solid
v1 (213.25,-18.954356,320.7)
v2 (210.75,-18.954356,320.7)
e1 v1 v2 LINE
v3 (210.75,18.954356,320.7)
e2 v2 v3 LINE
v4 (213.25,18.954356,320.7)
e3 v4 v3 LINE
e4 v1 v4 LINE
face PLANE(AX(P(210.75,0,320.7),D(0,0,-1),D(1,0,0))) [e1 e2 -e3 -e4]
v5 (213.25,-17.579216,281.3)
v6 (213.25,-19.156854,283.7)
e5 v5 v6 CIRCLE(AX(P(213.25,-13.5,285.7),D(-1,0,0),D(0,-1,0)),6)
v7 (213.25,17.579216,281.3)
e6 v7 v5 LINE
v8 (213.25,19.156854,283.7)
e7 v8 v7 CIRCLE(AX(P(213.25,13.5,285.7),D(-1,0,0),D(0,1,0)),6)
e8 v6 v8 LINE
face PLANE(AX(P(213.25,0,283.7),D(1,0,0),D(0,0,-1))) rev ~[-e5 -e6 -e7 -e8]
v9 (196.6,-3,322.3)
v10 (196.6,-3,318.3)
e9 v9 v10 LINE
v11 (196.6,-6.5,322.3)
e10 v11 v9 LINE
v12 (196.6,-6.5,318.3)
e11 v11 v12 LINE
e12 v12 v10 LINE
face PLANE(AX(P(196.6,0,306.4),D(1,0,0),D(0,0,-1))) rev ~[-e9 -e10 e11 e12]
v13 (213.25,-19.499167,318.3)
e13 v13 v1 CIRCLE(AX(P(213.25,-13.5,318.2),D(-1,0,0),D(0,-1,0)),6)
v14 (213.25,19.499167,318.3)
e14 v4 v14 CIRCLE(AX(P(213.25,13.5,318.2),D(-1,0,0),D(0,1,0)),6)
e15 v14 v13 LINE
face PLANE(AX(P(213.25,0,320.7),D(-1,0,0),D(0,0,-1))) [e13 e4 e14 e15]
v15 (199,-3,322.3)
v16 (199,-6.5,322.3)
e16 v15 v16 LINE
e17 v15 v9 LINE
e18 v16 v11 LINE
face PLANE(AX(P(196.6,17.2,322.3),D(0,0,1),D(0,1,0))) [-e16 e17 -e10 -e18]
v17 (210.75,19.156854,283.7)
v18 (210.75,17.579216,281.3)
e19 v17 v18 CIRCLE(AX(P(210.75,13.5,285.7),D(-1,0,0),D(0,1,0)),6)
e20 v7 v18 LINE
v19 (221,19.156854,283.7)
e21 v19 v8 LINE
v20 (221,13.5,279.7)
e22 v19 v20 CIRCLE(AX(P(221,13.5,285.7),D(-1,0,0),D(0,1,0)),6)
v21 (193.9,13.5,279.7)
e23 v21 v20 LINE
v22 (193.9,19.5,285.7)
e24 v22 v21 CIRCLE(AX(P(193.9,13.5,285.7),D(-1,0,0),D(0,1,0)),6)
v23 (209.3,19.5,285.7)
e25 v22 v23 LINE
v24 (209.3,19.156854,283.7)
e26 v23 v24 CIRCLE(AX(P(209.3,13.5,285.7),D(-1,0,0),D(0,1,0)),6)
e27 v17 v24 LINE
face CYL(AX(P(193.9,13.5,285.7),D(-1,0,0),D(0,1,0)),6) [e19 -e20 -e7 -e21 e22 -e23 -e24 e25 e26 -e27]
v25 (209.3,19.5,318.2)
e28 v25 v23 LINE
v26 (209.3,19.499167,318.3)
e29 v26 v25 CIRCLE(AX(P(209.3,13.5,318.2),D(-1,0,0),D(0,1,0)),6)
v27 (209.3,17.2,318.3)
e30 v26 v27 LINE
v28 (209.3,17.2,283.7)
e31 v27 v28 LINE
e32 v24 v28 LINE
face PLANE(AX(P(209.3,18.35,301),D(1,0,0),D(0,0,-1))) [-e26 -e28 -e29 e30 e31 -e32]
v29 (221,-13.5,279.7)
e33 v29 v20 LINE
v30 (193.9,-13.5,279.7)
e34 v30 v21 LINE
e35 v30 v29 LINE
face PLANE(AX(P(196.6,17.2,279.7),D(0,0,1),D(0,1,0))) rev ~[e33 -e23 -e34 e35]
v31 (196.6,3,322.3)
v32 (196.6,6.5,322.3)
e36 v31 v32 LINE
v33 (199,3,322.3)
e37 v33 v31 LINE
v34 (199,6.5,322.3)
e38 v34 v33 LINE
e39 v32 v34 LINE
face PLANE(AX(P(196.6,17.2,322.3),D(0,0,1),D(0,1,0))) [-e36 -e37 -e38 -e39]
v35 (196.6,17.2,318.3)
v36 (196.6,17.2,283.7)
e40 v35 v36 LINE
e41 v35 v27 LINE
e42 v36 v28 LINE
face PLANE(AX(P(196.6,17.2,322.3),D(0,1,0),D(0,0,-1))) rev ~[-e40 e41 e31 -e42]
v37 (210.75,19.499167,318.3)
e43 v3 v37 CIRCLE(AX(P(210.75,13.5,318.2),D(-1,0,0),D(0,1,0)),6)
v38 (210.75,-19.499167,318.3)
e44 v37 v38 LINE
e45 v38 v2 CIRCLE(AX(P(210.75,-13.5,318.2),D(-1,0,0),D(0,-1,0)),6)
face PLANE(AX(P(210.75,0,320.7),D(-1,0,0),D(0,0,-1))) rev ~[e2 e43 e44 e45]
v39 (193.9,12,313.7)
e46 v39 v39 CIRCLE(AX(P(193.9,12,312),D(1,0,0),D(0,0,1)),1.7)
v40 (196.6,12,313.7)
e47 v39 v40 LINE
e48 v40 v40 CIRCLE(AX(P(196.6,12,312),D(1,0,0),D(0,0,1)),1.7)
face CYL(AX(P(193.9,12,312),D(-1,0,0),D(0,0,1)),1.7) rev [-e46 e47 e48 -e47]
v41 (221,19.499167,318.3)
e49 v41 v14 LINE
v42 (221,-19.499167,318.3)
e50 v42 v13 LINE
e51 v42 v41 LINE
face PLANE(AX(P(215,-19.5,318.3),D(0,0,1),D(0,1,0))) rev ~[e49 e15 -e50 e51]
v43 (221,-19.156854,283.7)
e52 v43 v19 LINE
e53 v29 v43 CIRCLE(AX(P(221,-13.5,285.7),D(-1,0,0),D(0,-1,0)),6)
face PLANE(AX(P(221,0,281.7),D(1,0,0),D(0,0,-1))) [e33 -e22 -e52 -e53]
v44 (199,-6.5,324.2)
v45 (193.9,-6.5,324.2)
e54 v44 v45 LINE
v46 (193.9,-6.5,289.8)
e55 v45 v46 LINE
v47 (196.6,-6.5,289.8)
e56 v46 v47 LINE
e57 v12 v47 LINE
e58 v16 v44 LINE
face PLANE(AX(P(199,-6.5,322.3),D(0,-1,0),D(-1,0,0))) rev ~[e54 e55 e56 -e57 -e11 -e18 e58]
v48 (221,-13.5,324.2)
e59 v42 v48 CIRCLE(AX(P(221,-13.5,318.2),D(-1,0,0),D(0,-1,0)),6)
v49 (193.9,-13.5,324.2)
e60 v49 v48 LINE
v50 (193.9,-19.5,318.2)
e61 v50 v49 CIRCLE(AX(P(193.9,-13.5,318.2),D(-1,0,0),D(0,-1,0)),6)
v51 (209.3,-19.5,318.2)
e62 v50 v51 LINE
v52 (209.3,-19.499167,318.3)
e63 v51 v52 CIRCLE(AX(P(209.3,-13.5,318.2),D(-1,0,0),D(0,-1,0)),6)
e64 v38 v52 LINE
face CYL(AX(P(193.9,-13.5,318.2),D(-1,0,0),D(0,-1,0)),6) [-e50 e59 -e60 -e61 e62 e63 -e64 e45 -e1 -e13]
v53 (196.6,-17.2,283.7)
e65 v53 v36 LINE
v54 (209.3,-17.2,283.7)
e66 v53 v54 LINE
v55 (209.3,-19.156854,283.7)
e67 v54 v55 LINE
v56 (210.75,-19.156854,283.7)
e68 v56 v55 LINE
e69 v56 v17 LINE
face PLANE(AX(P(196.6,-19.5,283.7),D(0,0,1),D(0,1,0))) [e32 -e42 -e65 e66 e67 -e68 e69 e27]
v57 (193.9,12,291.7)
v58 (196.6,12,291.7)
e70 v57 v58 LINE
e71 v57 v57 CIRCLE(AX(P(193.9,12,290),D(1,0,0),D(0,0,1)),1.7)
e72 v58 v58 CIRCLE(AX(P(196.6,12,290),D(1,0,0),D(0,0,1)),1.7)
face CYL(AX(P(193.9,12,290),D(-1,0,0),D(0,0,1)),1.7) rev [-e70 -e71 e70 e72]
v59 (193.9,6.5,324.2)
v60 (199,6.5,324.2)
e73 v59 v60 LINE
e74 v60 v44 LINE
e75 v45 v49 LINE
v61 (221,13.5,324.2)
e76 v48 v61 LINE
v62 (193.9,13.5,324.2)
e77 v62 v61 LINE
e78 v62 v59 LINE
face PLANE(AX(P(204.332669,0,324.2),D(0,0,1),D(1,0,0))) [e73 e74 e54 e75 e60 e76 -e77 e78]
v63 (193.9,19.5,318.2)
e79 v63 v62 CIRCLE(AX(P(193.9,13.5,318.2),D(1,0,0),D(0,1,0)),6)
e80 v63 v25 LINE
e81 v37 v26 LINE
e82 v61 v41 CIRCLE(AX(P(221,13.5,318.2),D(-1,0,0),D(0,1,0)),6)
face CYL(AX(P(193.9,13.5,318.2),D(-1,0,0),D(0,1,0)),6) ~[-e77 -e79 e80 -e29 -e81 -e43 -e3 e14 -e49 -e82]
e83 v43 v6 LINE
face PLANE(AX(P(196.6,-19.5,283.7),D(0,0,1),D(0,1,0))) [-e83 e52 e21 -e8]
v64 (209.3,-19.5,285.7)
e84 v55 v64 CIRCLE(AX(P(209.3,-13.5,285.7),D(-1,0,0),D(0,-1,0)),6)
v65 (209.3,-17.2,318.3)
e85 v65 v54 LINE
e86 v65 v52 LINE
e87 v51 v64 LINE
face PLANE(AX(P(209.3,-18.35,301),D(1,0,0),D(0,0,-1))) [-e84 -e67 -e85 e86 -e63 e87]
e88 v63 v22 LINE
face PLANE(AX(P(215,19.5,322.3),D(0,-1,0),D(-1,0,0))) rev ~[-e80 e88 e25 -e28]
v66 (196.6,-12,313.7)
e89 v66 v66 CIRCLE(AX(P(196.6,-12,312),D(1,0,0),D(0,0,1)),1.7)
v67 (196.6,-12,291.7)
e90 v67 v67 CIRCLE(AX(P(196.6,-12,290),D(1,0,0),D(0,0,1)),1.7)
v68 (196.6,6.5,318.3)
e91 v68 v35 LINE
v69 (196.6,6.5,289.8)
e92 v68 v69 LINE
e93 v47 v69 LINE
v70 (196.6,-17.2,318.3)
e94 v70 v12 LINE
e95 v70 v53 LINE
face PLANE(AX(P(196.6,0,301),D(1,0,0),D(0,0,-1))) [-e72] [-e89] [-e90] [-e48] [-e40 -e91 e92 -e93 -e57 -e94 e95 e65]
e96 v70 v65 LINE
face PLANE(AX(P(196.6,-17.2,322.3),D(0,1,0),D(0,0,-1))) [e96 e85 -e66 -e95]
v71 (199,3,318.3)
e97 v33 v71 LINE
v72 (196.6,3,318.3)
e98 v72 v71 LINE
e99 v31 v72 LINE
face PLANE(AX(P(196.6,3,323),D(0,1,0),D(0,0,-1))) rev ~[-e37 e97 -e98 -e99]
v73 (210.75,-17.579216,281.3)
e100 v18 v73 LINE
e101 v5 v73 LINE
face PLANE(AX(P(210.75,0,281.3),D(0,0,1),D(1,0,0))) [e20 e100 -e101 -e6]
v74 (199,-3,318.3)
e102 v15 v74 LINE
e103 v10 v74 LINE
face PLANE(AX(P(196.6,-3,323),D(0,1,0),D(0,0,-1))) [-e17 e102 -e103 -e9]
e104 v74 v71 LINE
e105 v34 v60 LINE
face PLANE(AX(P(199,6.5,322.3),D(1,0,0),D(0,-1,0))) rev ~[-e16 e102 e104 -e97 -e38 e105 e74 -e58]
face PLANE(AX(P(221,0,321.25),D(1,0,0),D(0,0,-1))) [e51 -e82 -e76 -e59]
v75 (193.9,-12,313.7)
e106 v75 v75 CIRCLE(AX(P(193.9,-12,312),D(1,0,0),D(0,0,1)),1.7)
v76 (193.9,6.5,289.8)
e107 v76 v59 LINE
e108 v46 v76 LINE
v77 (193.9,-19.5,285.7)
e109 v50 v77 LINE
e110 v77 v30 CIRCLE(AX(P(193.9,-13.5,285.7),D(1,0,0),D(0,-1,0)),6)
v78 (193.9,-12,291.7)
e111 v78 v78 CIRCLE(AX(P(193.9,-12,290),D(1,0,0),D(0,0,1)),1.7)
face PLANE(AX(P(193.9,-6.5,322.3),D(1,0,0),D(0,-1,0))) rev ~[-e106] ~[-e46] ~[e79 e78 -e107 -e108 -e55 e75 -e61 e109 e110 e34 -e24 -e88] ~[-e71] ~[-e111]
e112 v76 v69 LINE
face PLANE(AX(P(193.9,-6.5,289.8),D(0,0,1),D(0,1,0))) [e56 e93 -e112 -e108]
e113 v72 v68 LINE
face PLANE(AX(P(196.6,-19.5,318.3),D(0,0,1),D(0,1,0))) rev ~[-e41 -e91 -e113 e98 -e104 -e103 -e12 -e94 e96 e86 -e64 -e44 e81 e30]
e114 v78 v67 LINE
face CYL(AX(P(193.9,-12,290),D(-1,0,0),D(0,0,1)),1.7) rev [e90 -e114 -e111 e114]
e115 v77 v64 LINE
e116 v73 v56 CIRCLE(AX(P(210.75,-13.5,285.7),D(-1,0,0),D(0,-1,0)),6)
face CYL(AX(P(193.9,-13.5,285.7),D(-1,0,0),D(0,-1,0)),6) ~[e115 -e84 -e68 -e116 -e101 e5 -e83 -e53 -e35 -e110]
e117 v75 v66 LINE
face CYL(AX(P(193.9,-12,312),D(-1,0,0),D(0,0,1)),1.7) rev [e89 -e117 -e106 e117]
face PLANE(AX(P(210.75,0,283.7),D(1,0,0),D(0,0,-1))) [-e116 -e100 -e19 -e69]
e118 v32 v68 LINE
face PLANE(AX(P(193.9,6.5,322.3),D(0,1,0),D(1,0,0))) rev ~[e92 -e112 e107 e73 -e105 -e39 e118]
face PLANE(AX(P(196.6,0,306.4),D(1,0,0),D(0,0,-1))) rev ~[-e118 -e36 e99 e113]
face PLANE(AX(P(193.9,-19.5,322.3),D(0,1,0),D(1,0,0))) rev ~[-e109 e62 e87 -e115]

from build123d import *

# Parameters (mm, degrees)
SKETCH1_W           = 42.6
SKETCH1_H           = 39
BOSS_EXTRUDE1_DEPTH = 2.7
SKETCH2_W           = 42.6
SKETCH2_H           = 2.3
BOSS_EXTRUDE2_DEPTH = 12.7
SKETCH3_W           = 4
SKETCH3_H           = 39
BOSS_EXTRUDE3_DEPTH = 18.4
SKETCH4_R           = 1.7
SKETCH4_W           = 33.2
SKETCH4_H           = 13
CUT_EXTRUDE1_DEPTH  = 2.7
SKETCH5_W           = 4.7
SKETCH5_H           = 6
CUT_EXTRUDE2_DEPTH  = 2.4
SKETCH6_W           = 2.5
SKETCH6_H           = 2.4
CUT_EXTRUDE3_DEPTH  = 30
SKETCH7_W           = 5.9
SKETCH7_H           = 39
SKETCH7_W_2         = 4
BOSS_EXTRUDE4_DEPTH = 6
BOSS_EXTRUDE5_DEPTH = 1.9
CUT_EXTRUDE4_DEPTH  = 326.914559356


with BuildPart() as part:
    # Sketch1 → Boss-Extrude1 (new body)
    with BuildSketch(Plane(origin=(193.9, 0, 0), x_dir=(0, 0, -1), z_dir=(1, 0, 0))):
        with Locations((-301, 0)):
            Rectangle(SKETCH1_W, SKETCH1_H)
    extrude(amount=BOSS_EXTRUDE1_DEPTH)

    # Sketch2 → Boss-Extrude2 (add)
    with BuildSketch(Plane(origin=(196.6, 0, 0), x_dir=(0, 0, -1), z_dir=(1, 0, 0))):
        with Locations((-301, 18.35)):
            Rectangle(SKETCH2_W, SKETCH2_H)
        with Locations((-301, -18.35)):
            Rectangle(SKETCH2_W, SKETCH2_H)
    extrude(amount=BOSS_EXTRUDE2_DEPTH)

    # Sketch3 → Boss-Extrude3 (add)
    with BuildSketch(Plane(origin=(196.6, 0, 0), x_dir=(0, 0, -1), z_dir=(1, 0, 0))):
        with Locations((-320.3, 0)):
            Rectangle(SKETCH3_W, SKETCH3_H)
        with Locations((-281.7, 0)):
            Rectangle(SKETCH3_W, SKETCH3_H)
    extrude(amount=BOSS_EXTRUDE3_DEPTH)

    # Sketch4 → Cut-Extrude1 (cut)
    with BuildSketch(Plane(origin=(193.9, 0, 0), x_dir=(0, 0, -1), z_dir=(1, 0, 0))):
        with Locations(Location((-290, 12, 0), (0, 0, 180))):
            Circle(SKETCH4_R)
        with Locations(Location((-290, -12, 0), (0, 0, 180))):
            Circle(SKETCH4_R)
        with Locations(Location((-312, 12, 0), (0, 0, 180))):
            Circle(SKETCH4_R)
        with Locations(Location((-312, -12, 0), (0, 0, 180))):
            Circle(SKETCH4_R)
        with Locations((-306.4, 0)):
            Rectangle(SKETCH4_W, SKETCH4_H)
    extrude(amount=CUT_EXTRUDE1_DEPTH, mode=Mode.SUBTRACT)

    # Sketch5 → Cut-Extrude2 (cut)
    with BuildSketch(Plane(origin=(196.6, 0, 0), x_dir=(0, 0, -1), z_dir=(1, 0, 0))):
        with Locations((-320.65, 0)):
            Rectangle(SKETCH5_W, SKETCH5_H)
    extrude(amount=CUT_EXTRUDE2_DEPTH, mode=Mode.SUBTRACT)

    # Sketch6 → Cut-Extrude3 (cut, symmetric)
    with BuildSketch(Plane(origin=(0, 0, 0), x_dir=(1, 0, 0), z_dir=(0, 1, 0))):
        with Locations((212, -319.5)):
            Rectangle(SKETCH6_W, SKETCH6_H)
        with Locations((212, -282.5)):
            Rectangle(SKETCH6_W, SKETCH6_H)
    extrude(amount=CUT_EXTRUDE3_DEPTH, both=True, mode=Mode.SUBTRACT)

    # Sketch7 → Boss-Extrude4 (add)
    with BuildSketch(Plane(origin=(215, 0, 0), x_dir=(0, 0, -1), z_dir=(1, 0, 0))):
        with Locations((-321.25, 0)):
            Rectangle(SKETCH7_W, SKETCH7_H)
        with Locations((-281.7, 0)):
            Rectangle(SKETCH7_W_2, SKETCH7_H)
    extrude(amount=BOSS_EXTRUDE4_DEPTH)

    # Sketch8 → Boss-Extrude5 (add)
    with BuildSketch(Plane.XY.offset(322.3)):
        Polygon((193.9, -19.5), (215, -19.5), (215, 19.5), (193.9, 19.5), (193.9, 6.5), (199, 6.5), (199, -6.5), (193.9, -6.5), align=None)
    extrude(amount=BOSS_EXTRUDE5_DEPTH)

    # Sketch9 → Cut-Extrude4 (cut, through all)
    with BuildSketch(Plane(origin=(193.9, 0, 0), x_dir=(0, 0, -1), z_dir=(1, 0, 0))):
        with BuildLine():
            Line((-324.2, 13.5), (-325.5, 13.5))
            Line((-325.5, 13.5), (-325.5, 20.5))
            Line((-325.5, 20.5), (-318.2, 20.5))
            Line((-318.2, 20.5), (-318.2, 19.5))
            ThreePointArc((-318.2, 19.5), (-322.442640687, 17.742640687), (-324.2, 13.5))
        make_face()
        with BuildLine():
            Line((-324.2, -13.5), (-325.5, -13.5))
            Line((-325.5, -13.5), (-325.5, -20.5))
            Line((-325.5, -20.5), (-318.2, -20.5))
            Line((-318.2, -20.5), (-318.2, -19.5))
            ThreePointArc((-318.2, -19.5), (-322.442640687, -17.742640687), (-324.2, -13.5))
        make_face()
        with BuildLine():
            Line((-279.7, 13.5), (-278.4, 13.5))
            Line((-278.4, 13.5), (-278.4, 20.5))
            Line((-278.4, 20.5), (-285.7, 20.5))
            Line((-285.7, 20.5), (-285.7, 19.5))
            ThreePointArc((-285.7, 19.5), (-281.457359313, 17.742640687), (-279.7, 13.5))
        make_face()
        with BuildLine():
            Line((-279.7, -13.5), (-278.4, -13.5))
            Line((-278.4, -13.5), (-278.4, -20.5))
            Line((-278.4, -20.5), (-285.7, -20.5))
            Line((-285.7, -20.5), (-285.7, -19.5))
            ThreePointArc((-285.7, -19.5), (-281.457359313, -17.742640687), (-279.7, -13.5))
        make_face()
    extrude(amount=CUT_EXTRUDE4_DEPTH, mode=Mode.SUBTRACT)


solid = part.part
